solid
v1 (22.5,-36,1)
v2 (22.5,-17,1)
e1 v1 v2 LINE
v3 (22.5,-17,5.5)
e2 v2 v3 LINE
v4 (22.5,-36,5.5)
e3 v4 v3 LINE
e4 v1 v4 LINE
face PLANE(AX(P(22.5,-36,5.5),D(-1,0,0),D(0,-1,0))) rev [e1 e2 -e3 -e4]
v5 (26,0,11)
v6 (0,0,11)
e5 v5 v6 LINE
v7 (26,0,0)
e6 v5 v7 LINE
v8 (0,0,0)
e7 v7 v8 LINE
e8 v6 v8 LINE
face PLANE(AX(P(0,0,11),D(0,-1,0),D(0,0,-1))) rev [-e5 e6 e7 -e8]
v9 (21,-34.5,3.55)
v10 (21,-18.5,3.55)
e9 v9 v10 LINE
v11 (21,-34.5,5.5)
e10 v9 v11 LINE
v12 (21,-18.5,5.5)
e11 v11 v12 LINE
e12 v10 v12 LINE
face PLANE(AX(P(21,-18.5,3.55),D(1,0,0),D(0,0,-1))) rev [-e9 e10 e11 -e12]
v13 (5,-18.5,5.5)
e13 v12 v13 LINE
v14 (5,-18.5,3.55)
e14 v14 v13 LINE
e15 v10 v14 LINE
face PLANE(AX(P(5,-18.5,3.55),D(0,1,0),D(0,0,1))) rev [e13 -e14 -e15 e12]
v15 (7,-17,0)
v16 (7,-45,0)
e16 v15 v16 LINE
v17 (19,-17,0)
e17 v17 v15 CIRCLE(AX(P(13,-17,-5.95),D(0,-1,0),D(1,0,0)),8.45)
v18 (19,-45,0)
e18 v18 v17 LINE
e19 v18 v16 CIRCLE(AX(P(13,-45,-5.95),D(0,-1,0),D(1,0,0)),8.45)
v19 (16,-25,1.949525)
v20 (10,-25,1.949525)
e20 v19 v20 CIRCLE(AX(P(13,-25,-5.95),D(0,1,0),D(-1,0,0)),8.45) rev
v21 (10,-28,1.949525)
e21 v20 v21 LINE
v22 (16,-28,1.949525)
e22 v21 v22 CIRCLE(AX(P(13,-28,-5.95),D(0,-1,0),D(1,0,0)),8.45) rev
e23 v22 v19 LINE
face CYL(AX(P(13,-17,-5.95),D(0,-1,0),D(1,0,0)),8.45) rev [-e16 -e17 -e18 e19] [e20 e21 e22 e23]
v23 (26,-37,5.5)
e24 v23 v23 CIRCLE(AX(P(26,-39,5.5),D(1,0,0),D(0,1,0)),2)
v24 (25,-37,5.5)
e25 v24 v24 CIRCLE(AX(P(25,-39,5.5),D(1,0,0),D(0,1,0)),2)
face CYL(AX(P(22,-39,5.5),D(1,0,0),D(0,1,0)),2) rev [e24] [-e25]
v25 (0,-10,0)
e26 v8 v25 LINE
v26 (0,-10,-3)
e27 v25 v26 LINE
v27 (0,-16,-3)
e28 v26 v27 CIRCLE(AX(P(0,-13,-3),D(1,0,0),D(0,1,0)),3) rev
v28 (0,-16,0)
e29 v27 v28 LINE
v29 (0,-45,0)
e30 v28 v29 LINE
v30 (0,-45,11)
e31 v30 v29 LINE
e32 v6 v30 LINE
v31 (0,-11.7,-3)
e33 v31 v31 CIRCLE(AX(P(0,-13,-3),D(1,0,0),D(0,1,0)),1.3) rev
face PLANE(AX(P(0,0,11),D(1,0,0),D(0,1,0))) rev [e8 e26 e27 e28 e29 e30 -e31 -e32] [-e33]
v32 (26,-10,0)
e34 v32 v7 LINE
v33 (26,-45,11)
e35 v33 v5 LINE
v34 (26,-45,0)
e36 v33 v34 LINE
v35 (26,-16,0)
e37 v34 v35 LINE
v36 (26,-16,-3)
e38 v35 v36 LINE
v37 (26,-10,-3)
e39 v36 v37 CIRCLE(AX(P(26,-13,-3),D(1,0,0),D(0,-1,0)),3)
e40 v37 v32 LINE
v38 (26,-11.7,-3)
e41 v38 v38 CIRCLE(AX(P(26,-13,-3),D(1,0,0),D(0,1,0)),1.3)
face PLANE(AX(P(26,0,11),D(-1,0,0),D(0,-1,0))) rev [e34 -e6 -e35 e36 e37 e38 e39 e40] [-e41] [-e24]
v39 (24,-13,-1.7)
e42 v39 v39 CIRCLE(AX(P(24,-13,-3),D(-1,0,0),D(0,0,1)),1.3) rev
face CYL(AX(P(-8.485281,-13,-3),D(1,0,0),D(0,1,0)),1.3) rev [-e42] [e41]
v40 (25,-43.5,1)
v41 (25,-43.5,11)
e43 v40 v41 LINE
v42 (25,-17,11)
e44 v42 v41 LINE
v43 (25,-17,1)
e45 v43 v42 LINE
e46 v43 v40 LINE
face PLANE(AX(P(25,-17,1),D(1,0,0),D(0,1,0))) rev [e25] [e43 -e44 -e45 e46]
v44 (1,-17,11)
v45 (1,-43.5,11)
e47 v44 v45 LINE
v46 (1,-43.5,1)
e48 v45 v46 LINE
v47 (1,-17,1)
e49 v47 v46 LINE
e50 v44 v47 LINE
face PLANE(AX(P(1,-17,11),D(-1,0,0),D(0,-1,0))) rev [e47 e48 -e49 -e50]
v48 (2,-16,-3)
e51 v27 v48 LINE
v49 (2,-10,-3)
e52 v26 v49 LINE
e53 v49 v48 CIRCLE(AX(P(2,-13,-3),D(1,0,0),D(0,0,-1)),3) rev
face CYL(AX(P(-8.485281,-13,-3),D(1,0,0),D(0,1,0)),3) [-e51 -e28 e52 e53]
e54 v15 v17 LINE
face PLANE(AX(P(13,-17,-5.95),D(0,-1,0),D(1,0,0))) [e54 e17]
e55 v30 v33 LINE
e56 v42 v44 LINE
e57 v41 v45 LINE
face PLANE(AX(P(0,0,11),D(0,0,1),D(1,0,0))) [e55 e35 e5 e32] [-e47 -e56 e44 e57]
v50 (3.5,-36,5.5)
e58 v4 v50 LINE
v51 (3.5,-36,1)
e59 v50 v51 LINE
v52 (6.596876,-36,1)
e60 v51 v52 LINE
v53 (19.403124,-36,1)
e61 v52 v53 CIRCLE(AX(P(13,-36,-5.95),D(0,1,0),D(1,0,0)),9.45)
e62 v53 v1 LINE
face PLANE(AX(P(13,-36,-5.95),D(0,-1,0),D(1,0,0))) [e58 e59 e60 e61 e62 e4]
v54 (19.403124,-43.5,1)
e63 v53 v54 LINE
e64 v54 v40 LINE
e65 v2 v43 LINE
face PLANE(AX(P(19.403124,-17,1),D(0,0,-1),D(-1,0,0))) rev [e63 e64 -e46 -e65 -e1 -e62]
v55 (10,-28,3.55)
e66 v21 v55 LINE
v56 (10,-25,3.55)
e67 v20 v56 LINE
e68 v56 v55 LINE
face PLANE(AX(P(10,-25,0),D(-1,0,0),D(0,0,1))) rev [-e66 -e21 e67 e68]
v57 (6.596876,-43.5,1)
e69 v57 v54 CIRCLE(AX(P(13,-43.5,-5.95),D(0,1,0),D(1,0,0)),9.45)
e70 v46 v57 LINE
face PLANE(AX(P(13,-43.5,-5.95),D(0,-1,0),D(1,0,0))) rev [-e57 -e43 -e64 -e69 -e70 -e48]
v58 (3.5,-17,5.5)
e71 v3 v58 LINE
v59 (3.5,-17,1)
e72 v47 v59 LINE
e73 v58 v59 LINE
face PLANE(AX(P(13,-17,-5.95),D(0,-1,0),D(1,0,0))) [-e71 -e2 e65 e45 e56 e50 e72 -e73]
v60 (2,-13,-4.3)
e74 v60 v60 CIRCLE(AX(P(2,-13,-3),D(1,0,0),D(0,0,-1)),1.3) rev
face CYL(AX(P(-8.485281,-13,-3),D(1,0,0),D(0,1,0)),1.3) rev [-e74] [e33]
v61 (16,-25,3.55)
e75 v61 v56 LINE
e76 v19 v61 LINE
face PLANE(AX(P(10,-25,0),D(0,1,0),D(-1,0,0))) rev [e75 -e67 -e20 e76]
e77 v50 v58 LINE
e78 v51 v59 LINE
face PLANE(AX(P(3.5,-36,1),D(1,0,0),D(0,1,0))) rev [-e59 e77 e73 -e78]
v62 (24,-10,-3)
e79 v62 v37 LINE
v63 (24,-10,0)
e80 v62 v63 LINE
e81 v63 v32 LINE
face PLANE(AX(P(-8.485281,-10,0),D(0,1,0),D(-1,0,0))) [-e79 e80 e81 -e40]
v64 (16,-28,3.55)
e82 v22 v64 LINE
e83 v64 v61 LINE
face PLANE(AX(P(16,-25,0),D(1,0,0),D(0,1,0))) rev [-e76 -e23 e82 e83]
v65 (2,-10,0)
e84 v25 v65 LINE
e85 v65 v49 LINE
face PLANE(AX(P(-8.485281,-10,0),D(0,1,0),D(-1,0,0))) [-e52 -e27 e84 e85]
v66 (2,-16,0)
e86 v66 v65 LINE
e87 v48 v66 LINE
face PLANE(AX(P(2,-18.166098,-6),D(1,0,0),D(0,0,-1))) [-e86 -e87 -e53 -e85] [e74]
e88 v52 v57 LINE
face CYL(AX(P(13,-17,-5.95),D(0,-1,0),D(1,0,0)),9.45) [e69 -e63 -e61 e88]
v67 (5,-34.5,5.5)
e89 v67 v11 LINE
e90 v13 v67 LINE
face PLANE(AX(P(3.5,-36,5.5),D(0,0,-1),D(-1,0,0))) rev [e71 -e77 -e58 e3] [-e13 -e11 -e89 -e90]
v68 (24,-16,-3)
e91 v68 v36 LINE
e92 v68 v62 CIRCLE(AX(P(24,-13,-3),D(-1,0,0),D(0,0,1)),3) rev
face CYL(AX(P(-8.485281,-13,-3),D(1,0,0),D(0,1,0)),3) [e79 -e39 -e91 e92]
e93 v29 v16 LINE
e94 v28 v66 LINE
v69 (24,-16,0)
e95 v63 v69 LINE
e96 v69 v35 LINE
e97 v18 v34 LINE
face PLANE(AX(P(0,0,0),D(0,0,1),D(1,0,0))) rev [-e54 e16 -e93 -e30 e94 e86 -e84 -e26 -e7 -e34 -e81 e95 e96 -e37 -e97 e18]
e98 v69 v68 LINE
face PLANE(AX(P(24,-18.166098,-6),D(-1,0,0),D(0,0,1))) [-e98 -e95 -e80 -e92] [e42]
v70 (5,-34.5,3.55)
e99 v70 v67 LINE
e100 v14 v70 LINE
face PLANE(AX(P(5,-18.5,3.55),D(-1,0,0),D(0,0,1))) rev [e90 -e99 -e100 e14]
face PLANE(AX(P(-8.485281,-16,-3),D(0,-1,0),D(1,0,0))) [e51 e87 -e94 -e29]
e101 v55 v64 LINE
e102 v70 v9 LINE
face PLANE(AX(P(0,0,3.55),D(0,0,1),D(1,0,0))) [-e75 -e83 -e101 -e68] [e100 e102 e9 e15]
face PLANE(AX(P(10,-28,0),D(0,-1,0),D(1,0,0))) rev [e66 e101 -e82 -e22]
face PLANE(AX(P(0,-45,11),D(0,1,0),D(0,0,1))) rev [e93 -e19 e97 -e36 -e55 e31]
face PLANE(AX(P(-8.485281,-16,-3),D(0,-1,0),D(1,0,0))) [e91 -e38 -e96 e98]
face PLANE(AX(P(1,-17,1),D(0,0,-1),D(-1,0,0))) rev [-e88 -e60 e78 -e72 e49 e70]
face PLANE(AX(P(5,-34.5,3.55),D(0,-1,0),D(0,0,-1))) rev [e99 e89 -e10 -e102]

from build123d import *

# Parameters (mm, degrees)
SKETCH1_W           = 26
SKETCH1_H           = 45
BOSS_EXTRUDE1_DEPTH = 11
SKETCH2_R           = 8.45
CUT_EXTRUDE1_DEPTH  = 28
CUT_EXTRUDE2_DEPTH  = 26.5
SKETCH5_W           = 6
SKETCH5_H           = 3
CUT_EXTRUDE3_DEPTH  = 53.509522946
BOSS_EXTRUDE4_START = 19
BOSS_EXTRUDE4_DEPTH = 19
SKETCH8_W           = 16
SKETCH8_H           = 16
CUT_EXTRUDE7_DEPTH  = 1.95
SKETCH9_W           = 6
SKETCH9_H           = 3
CUT_EXTRUDE8_DEPTH  = 53.502404707
SKETCH10_R          = 2
CUT_EXTRUDE9_DEPTH  = 4
SKETCH11_R          = 1.3
BOSS_EXTRUDE5_DEPTH = 26
SKETCH13_W          = 22
SKETCH13_H          = 12.79225404
CUT_EXTRUDE11_DEPTH = 54.122499941


with BuildPart() as part:
    # Sketch1 → Boss-Extrude1 (new body)
    with BuildSketch(Plane.XY):
        with Locations((13, -22.5)):
            Rectangle(SKETCH1_W, SKETCH1_H)
    extrude(amount=BOSS_EXTRUDE1_DEPTH)

    # Sketch2 → Cut-Extrude1 (cut)
    with BuildSketch(Plane.XZ.offset(45)):
        with Locations((13, -5.95)):
            Circle(SKETCH2_R)
    extrude(amount=-CUT_EXTRUDE1_DEPTH, mode=Mode.SUBTRACT)

    # Sketch4 → Cut-Extrude2 (cut)
    with BuildSketch(Plane(origin=(0, -43.5, 0), x_dir=(-1, 0, 0), z_dir=(0, -1, 0))):
        with BuildLine():
            Line((-1, -11), (-1, -1))
            Line((-1, -1), (-6.596875763, -1))
            ThreePointArc((-6.596875763, -1), (-13, -3.5), (-19.403124237, -1))
            Line((-19.403124237, -1), (-25, -1))
            Line((-25, -1), (-25, -11))
            Line((-25, -11), (-1, -11))
        make_face()
    extrude(amount=-CUT_EXTRUDE2_DEPTH, mode=Mode.SUBTRACT)

    # Sketch5 → Cut-Extrude3 (cut, through all)
    with BuildSketch(Plane.XY.offset(3.5)):
        with Locations((13, -26.5)):
            Rectangle(SKETCH5_W, SKETCH5_H)
    extrude(amount=-CUT_EXTRUDE3_DEPTH, mode=Mode.SUBTRACT)

    # Sketch6 → Boss-Extrude4 (add)
    with BuildSketch(Plane.XZ.offset(17).offset(BOSS_EXTRUDE4_START)):
        with BuildLine():
            Line((6.596875763, 1), (3.5, 1))
            Line((3.5, 1), (3.5, 5.5))
            Line((3.5, 5.5), (22.5, 5.5))
            Line((22.5, 5.5), (22.5, 1))
            Line((22.5, 1), (19.403124237, 1))
            ThreePointArc((19.403124237, 1), (13, 3.5), (6.596875763, 1))
        make_face()
    extrude(amount=-BOSS_EXTRUDE4_DEPTH)

    # Sketch8 → Cut-Extrude7 (cut)
    with BuildSketch(Plane.XY.offset(5.5)):
        with Locations((13, -26.5)):
            Rectangle(SKETCH8_W, SKETCH8_H)
    extrude(amount=-CUT_EXTRUDE7_DEPTH, mode=Mode.SUBTRACT)

    # Sketch9 → Cut-Extrude8 (cut, through all)
    with BuildSketch(Plane.XY.offset(3.55)):
        with Locations((13, -26.5)):
            Rectangle(SKETCH9_W, SKETCH9_H)
    extrude(amount=-CUT_EXTRUDE8_DEPTH, mode=Mode.SUBTRACT)

    # Sketch10 → Cut-Extrude9 (cut)
    with BuildSketch(Plane(origin=(26, 0, 0), x_dir=(0, 0, -1), z_dir=(1, 0, 0))):
        with Locations(Location((-5.5, -39, 0), (0, 0, 90))):
            Circle(SKETCH10_R)
    extrude(amount=-CUT_EXTRUDE9_DEPTH, mode=Mode.SUBTRACT)

    # Sketch11 → Boss-Extrude5 (add)
    with BuildSketch(Plane(origin=(26, 0, 0), x_dir=(0, 0, -1), z_dir=(1, 0, 0))):
        with BuildLine():
            Line((0, -10), (3, -10))
            ThreePointArc((3, -10), (6, -13), (3, -16))
            Line((3, -16), (0, -16))
            Line((0, -16), (0, -10))
        make_face()
        with Locations(Location((3, -13, 0), (0, 0, 90))):
            Circle(SKETCH11_R, mode=Mode.SUBTRACT)
    extrude(amount=-BOSS_EXTRUDE5_DEPTH)

    # Sketch13 → Cut-Extrude11 (cut, through all)
    with BuildSketch(Plane(origin=(0, 0, 0), x_dir=(-1, 0, 0), z_dir=(0, 0, -1))):
        with Locations((-13, -11.769971003)):
            Rectangle(SKETCH13_W, SKETCH13_H)
    extrude(amount=CUT_EXTRUDE11_DEPTH, mode=Mode.SUBTRACT)


solid = part.part
